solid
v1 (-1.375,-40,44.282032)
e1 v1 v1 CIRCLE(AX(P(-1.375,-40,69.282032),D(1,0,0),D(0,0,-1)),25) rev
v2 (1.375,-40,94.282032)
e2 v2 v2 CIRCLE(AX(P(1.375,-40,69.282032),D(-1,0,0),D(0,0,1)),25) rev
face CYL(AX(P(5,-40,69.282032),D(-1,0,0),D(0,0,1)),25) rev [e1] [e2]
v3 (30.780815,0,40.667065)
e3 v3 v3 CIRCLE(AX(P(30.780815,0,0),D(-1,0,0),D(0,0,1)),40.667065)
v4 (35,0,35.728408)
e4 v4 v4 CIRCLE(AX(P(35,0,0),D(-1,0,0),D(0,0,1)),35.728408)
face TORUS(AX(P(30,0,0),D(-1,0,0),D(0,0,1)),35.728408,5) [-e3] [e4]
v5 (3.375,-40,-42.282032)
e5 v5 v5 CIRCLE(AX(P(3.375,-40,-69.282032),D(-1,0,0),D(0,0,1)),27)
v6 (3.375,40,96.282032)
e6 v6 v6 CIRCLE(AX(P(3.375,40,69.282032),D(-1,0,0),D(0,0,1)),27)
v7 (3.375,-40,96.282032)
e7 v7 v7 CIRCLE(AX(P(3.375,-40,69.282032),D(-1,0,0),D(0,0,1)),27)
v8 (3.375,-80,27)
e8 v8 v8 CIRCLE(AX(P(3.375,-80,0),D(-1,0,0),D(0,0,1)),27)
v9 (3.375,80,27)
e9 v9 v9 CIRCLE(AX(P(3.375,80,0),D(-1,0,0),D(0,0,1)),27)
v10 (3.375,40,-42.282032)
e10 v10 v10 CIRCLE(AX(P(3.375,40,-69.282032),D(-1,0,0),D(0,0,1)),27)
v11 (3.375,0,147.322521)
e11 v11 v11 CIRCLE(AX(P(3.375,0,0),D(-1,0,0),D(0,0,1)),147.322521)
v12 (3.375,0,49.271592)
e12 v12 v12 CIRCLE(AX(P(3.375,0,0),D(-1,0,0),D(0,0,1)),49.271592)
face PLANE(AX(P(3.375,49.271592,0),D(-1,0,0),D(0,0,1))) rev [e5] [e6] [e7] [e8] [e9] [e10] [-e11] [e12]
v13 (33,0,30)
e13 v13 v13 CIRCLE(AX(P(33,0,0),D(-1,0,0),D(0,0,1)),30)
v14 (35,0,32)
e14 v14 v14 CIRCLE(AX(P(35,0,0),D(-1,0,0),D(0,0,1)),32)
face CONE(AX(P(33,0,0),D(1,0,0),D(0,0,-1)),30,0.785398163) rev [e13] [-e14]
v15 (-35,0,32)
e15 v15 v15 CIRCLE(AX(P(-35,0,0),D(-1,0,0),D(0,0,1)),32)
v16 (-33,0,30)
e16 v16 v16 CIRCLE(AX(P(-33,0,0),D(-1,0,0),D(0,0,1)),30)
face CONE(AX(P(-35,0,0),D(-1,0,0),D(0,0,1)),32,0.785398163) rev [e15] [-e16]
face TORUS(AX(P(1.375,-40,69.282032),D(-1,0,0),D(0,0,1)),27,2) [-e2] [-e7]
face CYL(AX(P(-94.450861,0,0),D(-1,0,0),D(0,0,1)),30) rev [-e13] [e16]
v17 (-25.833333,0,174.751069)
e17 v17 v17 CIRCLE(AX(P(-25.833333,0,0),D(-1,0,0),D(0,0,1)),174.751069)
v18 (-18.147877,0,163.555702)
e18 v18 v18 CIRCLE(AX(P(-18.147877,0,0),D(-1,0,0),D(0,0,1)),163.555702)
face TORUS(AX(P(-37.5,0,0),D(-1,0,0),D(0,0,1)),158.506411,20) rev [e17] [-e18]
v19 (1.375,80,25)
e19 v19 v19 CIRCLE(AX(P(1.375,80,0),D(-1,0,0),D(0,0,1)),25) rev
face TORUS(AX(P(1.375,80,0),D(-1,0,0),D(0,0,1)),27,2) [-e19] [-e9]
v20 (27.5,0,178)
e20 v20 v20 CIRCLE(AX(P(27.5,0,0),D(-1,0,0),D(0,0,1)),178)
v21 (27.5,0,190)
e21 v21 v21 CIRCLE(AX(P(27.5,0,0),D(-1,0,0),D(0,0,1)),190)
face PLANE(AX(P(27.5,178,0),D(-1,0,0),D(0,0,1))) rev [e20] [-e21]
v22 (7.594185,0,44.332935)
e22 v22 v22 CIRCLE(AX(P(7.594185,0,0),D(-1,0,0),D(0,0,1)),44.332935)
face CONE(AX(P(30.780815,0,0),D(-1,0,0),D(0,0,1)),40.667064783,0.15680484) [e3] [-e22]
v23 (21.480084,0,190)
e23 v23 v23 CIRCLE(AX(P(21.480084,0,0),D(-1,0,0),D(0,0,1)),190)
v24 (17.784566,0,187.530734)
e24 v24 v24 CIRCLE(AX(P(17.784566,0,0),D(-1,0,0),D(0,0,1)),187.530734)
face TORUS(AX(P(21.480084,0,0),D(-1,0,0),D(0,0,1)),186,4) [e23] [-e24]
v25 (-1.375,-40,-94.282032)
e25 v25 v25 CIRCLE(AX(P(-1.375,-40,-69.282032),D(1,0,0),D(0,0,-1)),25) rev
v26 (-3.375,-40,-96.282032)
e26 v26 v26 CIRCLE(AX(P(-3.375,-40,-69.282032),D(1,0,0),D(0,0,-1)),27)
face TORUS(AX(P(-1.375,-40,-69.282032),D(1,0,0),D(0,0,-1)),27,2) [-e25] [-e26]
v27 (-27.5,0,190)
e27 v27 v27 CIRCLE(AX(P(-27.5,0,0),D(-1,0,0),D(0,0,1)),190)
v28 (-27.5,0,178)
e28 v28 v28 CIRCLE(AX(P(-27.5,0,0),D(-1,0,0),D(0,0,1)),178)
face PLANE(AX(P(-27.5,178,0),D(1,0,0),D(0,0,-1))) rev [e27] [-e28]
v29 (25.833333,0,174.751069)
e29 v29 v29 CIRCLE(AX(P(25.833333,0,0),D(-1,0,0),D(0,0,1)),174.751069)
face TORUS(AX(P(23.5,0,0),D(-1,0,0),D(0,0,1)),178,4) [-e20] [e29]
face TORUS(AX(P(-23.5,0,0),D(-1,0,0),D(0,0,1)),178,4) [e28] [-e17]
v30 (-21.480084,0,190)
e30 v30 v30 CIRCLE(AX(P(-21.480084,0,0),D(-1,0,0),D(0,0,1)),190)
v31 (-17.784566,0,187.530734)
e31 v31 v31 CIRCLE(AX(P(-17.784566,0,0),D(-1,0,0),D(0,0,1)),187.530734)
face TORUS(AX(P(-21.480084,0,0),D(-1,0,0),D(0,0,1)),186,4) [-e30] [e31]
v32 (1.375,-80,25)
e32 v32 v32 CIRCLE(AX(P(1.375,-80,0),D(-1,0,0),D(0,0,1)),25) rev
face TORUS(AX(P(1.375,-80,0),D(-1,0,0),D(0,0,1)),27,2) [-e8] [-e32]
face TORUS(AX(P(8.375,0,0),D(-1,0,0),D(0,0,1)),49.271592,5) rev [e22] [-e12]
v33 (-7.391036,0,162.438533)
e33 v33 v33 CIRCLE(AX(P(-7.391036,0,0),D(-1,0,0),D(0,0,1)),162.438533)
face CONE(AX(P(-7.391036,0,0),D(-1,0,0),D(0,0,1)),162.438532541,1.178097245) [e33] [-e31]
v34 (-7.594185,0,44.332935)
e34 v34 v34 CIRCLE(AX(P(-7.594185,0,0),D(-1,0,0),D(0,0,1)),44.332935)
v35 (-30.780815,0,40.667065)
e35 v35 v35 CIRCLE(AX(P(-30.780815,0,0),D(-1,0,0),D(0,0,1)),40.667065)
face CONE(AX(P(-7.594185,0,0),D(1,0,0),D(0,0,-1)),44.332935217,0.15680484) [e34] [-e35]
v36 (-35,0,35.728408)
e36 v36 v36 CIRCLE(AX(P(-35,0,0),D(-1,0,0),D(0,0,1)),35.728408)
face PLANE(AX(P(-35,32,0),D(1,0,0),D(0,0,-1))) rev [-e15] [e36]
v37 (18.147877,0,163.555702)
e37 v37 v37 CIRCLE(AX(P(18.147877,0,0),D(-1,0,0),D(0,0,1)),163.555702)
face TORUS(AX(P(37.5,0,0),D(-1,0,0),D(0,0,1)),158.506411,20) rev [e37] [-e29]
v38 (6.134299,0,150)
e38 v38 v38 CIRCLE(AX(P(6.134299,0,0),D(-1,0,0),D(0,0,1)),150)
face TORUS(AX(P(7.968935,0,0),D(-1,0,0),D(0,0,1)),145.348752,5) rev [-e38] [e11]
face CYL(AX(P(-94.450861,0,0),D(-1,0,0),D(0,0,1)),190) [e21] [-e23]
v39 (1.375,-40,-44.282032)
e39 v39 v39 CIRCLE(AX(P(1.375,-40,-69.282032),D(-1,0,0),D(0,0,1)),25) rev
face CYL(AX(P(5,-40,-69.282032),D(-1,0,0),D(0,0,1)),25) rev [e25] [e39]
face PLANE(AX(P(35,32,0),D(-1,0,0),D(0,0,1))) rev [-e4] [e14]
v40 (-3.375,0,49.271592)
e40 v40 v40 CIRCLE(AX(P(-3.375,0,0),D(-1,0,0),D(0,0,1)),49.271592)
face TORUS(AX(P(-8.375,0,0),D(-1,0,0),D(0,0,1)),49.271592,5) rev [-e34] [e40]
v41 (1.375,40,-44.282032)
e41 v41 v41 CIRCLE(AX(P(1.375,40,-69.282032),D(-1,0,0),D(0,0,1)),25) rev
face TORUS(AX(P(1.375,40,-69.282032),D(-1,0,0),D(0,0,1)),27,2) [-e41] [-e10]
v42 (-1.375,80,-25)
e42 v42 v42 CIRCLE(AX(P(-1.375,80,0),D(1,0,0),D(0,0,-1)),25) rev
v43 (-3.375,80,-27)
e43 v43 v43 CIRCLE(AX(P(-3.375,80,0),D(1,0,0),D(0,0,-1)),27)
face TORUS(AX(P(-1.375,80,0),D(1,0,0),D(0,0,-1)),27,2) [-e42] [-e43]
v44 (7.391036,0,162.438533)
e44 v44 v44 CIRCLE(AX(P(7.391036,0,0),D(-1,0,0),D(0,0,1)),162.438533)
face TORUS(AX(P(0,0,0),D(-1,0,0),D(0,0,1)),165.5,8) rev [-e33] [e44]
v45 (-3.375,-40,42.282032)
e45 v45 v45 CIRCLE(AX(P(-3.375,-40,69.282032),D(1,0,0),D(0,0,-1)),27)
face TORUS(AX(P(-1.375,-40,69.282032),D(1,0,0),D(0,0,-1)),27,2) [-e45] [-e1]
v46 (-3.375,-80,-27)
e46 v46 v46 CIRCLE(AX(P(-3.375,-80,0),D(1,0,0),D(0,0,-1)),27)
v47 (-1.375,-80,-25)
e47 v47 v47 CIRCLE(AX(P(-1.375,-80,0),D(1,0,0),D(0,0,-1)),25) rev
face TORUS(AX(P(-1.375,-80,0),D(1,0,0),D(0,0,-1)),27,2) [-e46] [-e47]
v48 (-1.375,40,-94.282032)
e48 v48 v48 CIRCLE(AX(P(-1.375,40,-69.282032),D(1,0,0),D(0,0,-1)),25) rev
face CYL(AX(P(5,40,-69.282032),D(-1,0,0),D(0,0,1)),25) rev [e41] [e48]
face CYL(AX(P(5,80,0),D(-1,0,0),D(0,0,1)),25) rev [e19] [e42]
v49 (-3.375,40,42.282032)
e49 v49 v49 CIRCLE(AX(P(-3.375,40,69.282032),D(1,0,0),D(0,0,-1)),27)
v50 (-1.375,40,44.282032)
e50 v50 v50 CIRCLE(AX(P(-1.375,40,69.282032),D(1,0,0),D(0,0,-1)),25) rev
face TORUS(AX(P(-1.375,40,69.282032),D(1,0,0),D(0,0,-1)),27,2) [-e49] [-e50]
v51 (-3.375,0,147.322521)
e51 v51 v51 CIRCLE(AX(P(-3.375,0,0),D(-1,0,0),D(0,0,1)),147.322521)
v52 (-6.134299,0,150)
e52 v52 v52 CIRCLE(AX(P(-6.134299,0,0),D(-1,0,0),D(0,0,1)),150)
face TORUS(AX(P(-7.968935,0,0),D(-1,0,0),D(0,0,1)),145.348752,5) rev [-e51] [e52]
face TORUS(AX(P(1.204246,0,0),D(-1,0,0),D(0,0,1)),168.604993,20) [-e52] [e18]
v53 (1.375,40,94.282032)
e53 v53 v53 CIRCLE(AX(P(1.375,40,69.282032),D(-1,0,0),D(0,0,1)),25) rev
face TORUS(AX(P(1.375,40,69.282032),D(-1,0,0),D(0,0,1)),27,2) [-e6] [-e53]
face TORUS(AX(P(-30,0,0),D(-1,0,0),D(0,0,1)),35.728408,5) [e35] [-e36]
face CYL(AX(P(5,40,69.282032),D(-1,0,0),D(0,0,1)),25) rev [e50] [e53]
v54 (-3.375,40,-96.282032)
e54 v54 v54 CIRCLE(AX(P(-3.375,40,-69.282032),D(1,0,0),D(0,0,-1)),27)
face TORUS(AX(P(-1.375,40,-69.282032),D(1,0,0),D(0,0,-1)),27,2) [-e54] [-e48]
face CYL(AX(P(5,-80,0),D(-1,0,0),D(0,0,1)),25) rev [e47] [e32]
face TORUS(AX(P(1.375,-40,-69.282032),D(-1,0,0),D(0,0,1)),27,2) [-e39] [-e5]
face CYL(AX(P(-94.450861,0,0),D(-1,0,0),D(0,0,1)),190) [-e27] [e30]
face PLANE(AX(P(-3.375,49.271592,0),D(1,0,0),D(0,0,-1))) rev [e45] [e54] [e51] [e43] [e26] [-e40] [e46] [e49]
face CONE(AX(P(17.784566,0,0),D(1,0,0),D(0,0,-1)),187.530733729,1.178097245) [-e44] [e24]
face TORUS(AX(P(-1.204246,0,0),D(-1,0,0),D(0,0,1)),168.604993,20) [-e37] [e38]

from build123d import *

# Parameters (mm, degrees)
SKETCH2_R          = 25
CUT_EXTRUDE2_DEPTH = 5
FILLET1_R          = 2


with BuildPart() as part:
    # Sketch1 → Revolve1 (revolve)
    with BuildSketch(Plane.XY, mode=Mode.PRIVATE) as revolve1_sk:
        with BuildLine():
            Line((33, 30), (-33, 30))
            Line((-33, 30), (-35, 32))
            Line((-35, 32), (-35, 35.728408331))
            ThreePointArc((-35, 35.728408331), (-33.801583634, 38.976170927), (-30.780815249, 40.667064783))
            Line((-30.780815249, 40.667064783), (-7.594184751, 44.332935217))
            ThreePointArc((-7.594184751, 44.332935217), (-4.573416366, 46.023829073), (-3.375, 49.271591669))
            Line((-3.375, 49.271591669), (-3.375, 147.32252083))
            ThreePointArc((-3.375, 147.32252083), (-4.48700212, 148.93708643), (-6.13429855, 150))
            ThreePointArc((-6.13429855, 150), (-13.763626274, 155.33989583), (-18.147877074, 163.555702176))
            ThreePointArc((-18.147877074, 163.555702176), (-21.011355907, 169.825625769), (-25.833333333, 174.751068552))
            ThreePointArc((-25.833333333, 174.751068552), (-27.059026084, 176.174258142), (-27.5, 178))
            Line((-27.5, 178), (-27.5, 190))
            Line((-27.5, 190), (-21.480084432, 190))
            ThreePointArc((-21.480084432, 190), (-19.2578035, 189.325878449), (-17.784566302, 187.530733729))
            Line((-17.784566302, 187.530733729), (-7.39103626, 162.438532541))
            ThreePointArc((-7.39103626, 162.438532541), (0, 157.5), (7.39103626, 162.438532541))
            Line((7.39103626, 162.438532541), (17.784566302, 187.530733729))
            ThreePointArc((17.784566302, 187.530733729), (19.2578035, 189.325878449), (21.480084432, 190))
            Line((21.480084432, 190), (27.5, 190))
            Line((27.5, 190), (27.5, 178))
            ThreePointArc((27.5, 178), (27.059026084, 176.174258142), (25.833333333, 174.751068552))
            ThreePointArc((25.833333333, 174.751068552), (21.011355907, 169.825625769), (18.147877074, 163.555702176))
            ThreePointArc((18.147877074, 163.555702176), (13.763626274, 155.33989583), (6.13429855, 150))
            ThreePointArc((6.13429855, 150), (4.48700212, 148.93708643), (3.375, 147.32252083))
            Line((3.375, 147.32252083), (3.375, 49.271591669))
            ThreePointArc((3.375, 49.271591669), (4.573416366, 46.023829073), (7.594184751, 44.332935217))
            Line((7.594184751, 44.332935217), (30.780815249, 40.667064783))
            ThreePointArc((30.780815249, 40.667064783), (33.801583634, 38.976170927), (35, 35.728408331))
            Line((35, 35.728408331), (35, 32))
            Line((35, 32), (33, 30))
        make_face()
    revolve(revolve1_sk.sketch.rotate(Axis((-94.450860502, 0, 0), (1, 0, 0)), 90), axis=Axis((-94.450860502, 0, 0), (1, 0, 0)))

    # Sketch2 → Cut-Extrude2 (cut, symmetric)
    with BuildSketch(Plane(origin=(0, 0, 0), x_dir=(0, 0, -1), z_dir=(1, 0, 0))):
        with Locations(Location((0, 80, 0), (0, 0, 180))):
            Circle(SKETCH2_R)
        with Locations(Location((69.282032303, 40, 0), (0, 0, 180))):
            Circle(SKETCH2_R)
        with Locations(Location((69.282032303, -40, 0), (0, 0, 180))):
            Circle(SKETCH2_R)
        with Locations(Location((0, -80, 0), (0, 0, 180))):
            Circle(SKETCH2_R)
        with Locations(Location((-69.282032303, -40, 0), (0, 0, 180))):
            Circle(SKETCH2_R)
        with Locations(Location((-69.282032303, 40, 0), (0, 0, 180))):
            Circle(SKETCH2_R)
    extrude(amount=CUT_EXTRUDE2_DEPTH, both=True, mode=Mode.SUBTRACT)

    # Fillet1
    fillet1_edges = [part.edges().sort_by_distance(p)[0] for p in [
        (3.375, 80, -25),
        (-3.375, 80, -25),
        (3.375, 40, -94.282032303),
        (-3.375, 40, -94.282032303),
        (3.375, -40, -94.282032303),
        (-3.375, -40, -94.282032303),
        (3.375, -80, -25),
        (-3.375, -80, -25),
        (3.375, -40, 44.282032303),
        (-3.375, -40, 44.282032303),
        (3.375, 40, 44.282032303),
        (-3.375, 40, 44.282032303),
    ]]
    fillet(fillet1_edges, radius=FILLET1_R)


solid = part.part
